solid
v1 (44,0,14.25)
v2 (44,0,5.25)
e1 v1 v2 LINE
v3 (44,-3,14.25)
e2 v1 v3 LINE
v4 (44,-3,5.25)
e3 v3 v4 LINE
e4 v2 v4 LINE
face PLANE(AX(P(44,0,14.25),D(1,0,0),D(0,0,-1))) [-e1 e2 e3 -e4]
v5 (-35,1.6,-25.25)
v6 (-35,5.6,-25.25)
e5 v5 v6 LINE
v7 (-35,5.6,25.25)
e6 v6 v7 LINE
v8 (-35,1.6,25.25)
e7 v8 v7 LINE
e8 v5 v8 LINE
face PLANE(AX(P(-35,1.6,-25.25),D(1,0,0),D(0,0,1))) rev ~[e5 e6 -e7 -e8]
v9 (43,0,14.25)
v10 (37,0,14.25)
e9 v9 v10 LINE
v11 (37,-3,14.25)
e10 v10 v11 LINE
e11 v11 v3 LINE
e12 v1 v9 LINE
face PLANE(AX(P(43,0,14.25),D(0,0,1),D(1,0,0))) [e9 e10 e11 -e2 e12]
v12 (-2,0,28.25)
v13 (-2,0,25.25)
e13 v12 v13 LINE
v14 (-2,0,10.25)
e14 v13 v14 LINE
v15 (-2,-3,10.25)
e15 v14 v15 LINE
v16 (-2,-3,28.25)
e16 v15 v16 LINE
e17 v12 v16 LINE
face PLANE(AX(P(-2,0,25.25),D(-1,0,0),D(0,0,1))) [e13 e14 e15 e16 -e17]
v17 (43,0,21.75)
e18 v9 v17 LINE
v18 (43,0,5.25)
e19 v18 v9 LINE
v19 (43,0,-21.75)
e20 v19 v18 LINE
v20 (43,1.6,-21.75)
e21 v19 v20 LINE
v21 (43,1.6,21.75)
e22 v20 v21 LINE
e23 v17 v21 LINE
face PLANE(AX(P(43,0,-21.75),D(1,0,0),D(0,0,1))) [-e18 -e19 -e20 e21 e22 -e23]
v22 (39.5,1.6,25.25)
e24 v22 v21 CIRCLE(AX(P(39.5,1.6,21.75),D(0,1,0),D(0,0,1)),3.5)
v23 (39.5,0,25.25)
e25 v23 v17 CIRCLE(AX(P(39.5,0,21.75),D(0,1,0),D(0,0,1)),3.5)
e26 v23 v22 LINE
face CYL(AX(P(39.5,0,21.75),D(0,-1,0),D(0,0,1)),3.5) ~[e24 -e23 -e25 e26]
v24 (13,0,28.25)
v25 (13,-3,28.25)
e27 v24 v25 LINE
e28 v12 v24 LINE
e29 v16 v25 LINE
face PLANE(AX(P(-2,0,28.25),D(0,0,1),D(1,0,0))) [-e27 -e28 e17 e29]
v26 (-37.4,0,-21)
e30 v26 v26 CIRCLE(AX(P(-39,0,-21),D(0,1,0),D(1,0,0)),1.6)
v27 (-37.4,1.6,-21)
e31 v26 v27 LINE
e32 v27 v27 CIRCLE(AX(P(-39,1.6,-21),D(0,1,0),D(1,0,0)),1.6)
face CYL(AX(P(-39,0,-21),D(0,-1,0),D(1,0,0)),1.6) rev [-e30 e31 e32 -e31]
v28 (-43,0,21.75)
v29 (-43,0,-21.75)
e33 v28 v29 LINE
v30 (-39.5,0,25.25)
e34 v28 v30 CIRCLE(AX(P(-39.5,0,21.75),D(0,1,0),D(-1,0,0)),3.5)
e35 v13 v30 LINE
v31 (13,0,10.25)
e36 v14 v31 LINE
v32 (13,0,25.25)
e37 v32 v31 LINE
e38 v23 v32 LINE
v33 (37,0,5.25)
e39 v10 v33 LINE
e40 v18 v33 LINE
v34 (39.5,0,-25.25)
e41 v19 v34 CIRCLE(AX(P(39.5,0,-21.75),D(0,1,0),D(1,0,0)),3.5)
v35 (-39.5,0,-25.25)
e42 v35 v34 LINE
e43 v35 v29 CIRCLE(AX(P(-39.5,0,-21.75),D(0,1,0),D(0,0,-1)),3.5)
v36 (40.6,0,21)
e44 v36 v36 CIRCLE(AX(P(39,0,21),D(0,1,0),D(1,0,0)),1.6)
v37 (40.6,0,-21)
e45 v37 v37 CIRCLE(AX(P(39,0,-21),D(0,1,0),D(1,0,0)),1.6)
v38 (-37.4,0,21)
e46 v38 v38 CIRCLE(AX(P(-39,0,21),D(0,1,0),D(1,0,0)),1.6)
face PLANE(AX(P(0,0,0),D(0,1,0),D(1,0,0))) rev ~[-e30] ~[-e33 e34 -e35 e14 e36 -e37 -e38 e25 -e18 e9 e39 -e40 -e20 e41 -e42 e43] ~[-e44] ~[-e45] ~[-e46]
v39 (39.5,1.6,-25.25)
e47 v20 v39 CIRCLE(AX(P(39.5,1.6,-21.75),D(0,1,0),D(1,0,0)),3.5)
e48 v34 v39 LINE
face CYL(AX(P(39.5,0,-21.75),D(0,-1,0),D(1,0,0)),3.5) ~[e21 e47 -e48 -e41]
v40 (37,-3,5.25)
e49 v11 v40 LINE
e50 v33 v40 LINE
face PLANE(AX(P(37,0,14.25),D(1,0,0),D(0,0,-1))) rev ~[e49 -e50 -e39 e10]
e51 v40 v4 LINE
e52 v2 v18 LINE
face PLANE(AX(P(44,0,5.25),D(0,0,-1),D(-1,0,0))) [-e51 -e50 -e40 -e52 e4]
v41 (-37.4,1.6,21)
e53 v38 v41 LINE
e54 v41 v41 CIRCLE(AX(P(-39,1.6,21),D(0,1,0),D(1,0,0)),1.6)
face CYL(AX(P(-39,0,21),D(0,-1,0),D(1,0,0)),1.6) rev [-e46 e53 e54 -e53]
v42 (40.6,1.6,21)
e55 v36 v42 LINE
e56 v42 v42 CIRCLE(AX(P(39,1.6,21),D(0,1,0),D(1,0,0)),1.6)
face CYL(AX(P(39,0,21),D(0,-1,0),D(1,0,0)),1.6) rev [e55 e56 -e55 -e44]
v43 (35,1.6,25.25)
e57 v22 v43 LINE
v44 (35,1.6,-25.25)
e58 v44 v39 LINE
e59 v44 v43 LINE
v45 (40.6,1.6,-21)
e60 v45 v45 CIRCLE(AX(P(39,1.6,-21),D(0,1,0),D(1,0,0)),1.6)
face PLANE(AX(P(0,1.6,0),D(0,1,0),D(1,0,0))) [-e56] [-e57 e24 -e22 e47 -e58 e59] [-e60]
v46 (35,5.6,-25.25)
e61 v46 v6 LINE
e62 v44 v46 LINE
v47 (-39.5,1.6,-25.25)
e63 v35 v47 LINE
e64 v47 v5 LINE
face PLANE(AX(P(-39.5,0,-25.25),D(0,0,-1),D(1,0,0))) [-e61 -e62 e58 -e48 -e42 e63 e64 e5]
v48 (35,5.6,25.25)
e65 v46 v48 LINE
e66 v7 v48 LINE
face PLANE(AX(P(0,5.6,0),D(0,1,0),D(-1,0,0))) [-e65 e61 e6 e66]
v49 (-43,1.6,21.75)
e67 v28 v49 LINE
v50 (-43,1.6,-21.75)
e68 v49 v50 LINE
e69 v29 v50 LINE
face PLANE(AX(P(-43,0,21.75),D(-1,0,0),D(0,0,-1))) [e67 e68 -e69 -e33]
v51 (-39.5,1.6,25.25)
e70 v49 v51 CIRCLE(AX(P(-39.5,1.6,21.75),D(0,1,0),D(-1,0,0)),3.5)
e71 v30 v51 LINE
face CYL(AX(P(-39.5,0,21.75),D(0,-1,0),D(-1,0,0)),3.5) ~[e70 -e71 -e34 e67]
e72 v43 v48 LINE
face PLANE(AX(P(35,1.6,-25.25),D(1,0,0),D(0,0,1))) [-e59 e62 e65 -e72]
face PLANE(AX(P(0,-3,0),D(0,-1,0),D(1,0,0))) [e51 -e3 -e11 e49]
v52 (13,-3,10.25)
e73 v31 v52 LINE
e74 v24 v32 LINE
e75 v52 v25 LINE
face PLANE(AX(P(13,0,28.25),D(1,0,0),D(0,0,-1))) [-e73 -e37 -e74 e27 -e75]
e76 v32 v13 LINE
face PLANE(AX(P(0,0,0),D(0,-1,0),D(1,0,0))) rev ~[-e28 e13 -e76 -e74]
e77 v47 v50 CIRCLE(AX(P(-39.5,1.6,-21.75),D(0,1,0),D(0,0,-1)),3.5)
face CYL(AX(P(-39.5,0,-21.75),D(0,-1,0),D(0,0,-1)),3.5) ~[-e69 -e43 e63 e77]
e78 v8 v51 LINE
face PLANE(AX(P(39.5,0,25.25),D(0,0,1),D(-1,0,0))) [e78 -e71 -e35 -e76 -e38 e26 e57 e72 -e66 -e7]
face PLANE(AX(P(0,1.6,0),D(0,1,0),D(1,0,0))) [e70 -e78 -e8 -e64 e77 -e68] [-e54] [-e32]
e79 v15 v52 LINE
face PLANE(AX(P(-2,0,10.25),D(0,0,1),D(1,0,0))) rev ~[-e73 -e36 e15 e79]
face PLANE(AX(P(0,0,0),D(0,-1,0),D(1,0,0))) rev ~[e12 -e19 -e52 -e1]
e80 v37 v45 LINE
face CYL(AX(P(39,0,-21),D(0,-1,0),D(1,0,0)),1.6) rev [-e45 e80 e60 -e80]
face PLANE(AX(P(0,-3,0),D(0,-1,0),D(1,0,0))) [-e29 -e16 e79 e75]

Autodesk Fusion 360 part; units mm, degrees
sketch "Sketch1" plane through (0, 0, 0) normal (0, 1, 0) x (1, 0, 0)
  line L0 (39.5, -25.25) -> (-39.5, -25.25)
  line L1 (-43, -21.75) -> (-43, 21.75)
  line L2 (-39.5, 25.25) -> (39.5, 25.25)
  line L3 (43, 21.75) -> (43, -21.75)
  line L4 (-43, -25.25) -> (43, 25.25) construction
  arc A0 (-39.5, 25.25) -> (-43, 21.75) centre (-39.5, 21.75) ccw
  arc A1 (-43, -21.75) -> (-39.5, -25.25) centre (-39.5, -21.75) ccw
  arc A2 (43, 21.75) -> (39.5, 25.25) centre (39.5, 21.75) ccw
  arc A3 (39.5, -25.25) -> (43, -21.75) centre (39.5, -21.75) ccw
  line L5 (39, -21) -> (-39, -21) construction
  line L6 (-39, -21) -> (-39, 21) construction
  line L7 (-39, 21) -> (39, 21) construction
  line L8 (39, 21) -> (39, -21) construction
  line L9 (39, -21) -> (-39, 21) construction
  line L10 (-39, -21) -> (39, 21) construction
  circle A4 centre (39, -21) radius 1.6
  circle A5 centre (39, 21) radius 1.6
  circle A6 centre (-39, 21) radius 1.6
  circle A7 centre (-39, -21) radius 1.6
  dimension "d3" = 3.5
  dimension "d4" = 78
  dimension "d5" = 42
  dimension "d6" = 3.2
  dimension "d7" = 3.2
  dimension "d8" = 3.2
  dimension "d9" = 3.2
extrude "Extrude1" add sketch "Sketch1" along normal blind 1.6
sketch "Sketch2" plane through (0, 1.6, 0) normal (0, 1, 0) x (-1, 0, 0)
  circle A0 centre (-39, -21) radius 1.6
  circle A1 centre (39, 21) radius 1.6
  circle A2 centre (-39, 21) radius 1.6
  circle A3 centre (39, -21) radius 1.6
  arc A4 (43, 21.75) -> (39.5, 25.25) centre (39.5, 21.75) ccw
  line L0 (39.5, 25.25) -> (-39.5, 25.25)
  arc A5 (-39.5, 25.25) -> (-43, 21.75) centre (-39.5, 21.75) ccw
  line L1 (-43, 21.75) -> (-43, -21.75)
  arc A6 (-43, -21.75) -> (-39.5, -25.25) centre (-39.5, -21.75) ccw
  line L2 (-39.5, -25.25) -> (39.5, -25.25)
  arc A7 (39.5, -25.25) -> (43, -21.75) centre (39.5, -21.75) ccw
  line L3 (43, -21.75) -> (43, 21.75)
  line L4 (43, -25.25) -> (35, -25.25)
  line L5 (-43, -25.25) -> (-35, -25.25)
  line L6 (-35, -25.25) -> (-35, 25.25)
  line L7 (35, -25.25) -> (35, 25.25)
  dimension "d12" = 8
  dimension "d13" = 8
extrude "Extrude2" add sketch "Sketch2" along normal blind 4 contours L0 L2 L6 L7
sketch "Sketch3" plane through (0, 0, 0) normal (0, -1, 0) x (1, 0, 0)
  circle A0 centre (39, -21) radius 1.6
  circle A1 centre (-39, 21) radius 1.6
  circle A2 centre (39, 21) radius 1.6
  circle A3 centre (-39, -21) radius 1.6
  arc A4 (-39.5, 25.25) -> (-43, 21.75) centre (-39.5, 21.75) ccw
  line L0 (-43, 21.75) -> (-43, -21.75)
  arc A5 (-43, -21.75) -> (-39.5, -25.25) centre (-39.5, -21.75) ccw
  line L1 (-39.5, -25.25) -> (39.5, -25.25)
  arc A6 (39.5, -25.25) -> (43, -21.75) centre (39.5, -21.75) ccw
  line L2 (43, -21.75) -> (43, 21.75)
  arc A7 (43, 21.75) -> (39.5, 25.25) centre (39.5, 21.75) ccw
  line L3 (39.5, 25.25) -> (-39.5, 25.25)
  line L4 (43, 25.25) -> (13, 25.25)
  line L5 (13, 25.25) -> (-2, 25.25)
  line L6 (-2, 25.25) -> (-2, 10.25)
  line L7 (-2, 10.25) -> (13, 10.25)
  line L8 (13, 10.25) -> (13, 25.25)
  line L9 (13, 25.25) -> (-2, 25.25)
  line L10 (-2, 25.25) -> (-2, 28.25)
  line L11 (-2, 28.25) -> (13, 28.25)
  line L12 (13, 28.25) -> (13, 25.25)
  line L13 (43, 25.25) -> (43, 14.25)
  line L14 (43, 14.25) -> (37, 14.25)
  line L15 (37, 14.25) -> (37, 5.25)
  line L16 (37, 5.25) -> (43, 5.25)
  line L17 (43, 5.25) -> (43, 14.25)
  line L18 (43, 14.25) -> (44, 14.25)
  line L19 (44, 14.25) -> (44, 5.25)
  line L20 (44, 5.25) -> (43, 5.25)
  line L21 (43, 5.25) -> (43, 14.25)
  dimension "d16" = 30
  dimension "d17" = 15
  dimension "d18" = 15
  dimension "d19" = 3
  dimension "d20" = 11
  dimension "d21" = 6
  dimension "d22" = 9
  dimension "d23" = 1
  dimension "d24" = 9
extrude "Extrude3" add sketch "Sketch3" along normal blind 3 contours L3 L5 L9 L10 L11 L12 | L3 L5 L6 L7 L8 L9 | L2 L17 L18 L19 L20 L21 | L2 L14 L15 L16 L17 L21
